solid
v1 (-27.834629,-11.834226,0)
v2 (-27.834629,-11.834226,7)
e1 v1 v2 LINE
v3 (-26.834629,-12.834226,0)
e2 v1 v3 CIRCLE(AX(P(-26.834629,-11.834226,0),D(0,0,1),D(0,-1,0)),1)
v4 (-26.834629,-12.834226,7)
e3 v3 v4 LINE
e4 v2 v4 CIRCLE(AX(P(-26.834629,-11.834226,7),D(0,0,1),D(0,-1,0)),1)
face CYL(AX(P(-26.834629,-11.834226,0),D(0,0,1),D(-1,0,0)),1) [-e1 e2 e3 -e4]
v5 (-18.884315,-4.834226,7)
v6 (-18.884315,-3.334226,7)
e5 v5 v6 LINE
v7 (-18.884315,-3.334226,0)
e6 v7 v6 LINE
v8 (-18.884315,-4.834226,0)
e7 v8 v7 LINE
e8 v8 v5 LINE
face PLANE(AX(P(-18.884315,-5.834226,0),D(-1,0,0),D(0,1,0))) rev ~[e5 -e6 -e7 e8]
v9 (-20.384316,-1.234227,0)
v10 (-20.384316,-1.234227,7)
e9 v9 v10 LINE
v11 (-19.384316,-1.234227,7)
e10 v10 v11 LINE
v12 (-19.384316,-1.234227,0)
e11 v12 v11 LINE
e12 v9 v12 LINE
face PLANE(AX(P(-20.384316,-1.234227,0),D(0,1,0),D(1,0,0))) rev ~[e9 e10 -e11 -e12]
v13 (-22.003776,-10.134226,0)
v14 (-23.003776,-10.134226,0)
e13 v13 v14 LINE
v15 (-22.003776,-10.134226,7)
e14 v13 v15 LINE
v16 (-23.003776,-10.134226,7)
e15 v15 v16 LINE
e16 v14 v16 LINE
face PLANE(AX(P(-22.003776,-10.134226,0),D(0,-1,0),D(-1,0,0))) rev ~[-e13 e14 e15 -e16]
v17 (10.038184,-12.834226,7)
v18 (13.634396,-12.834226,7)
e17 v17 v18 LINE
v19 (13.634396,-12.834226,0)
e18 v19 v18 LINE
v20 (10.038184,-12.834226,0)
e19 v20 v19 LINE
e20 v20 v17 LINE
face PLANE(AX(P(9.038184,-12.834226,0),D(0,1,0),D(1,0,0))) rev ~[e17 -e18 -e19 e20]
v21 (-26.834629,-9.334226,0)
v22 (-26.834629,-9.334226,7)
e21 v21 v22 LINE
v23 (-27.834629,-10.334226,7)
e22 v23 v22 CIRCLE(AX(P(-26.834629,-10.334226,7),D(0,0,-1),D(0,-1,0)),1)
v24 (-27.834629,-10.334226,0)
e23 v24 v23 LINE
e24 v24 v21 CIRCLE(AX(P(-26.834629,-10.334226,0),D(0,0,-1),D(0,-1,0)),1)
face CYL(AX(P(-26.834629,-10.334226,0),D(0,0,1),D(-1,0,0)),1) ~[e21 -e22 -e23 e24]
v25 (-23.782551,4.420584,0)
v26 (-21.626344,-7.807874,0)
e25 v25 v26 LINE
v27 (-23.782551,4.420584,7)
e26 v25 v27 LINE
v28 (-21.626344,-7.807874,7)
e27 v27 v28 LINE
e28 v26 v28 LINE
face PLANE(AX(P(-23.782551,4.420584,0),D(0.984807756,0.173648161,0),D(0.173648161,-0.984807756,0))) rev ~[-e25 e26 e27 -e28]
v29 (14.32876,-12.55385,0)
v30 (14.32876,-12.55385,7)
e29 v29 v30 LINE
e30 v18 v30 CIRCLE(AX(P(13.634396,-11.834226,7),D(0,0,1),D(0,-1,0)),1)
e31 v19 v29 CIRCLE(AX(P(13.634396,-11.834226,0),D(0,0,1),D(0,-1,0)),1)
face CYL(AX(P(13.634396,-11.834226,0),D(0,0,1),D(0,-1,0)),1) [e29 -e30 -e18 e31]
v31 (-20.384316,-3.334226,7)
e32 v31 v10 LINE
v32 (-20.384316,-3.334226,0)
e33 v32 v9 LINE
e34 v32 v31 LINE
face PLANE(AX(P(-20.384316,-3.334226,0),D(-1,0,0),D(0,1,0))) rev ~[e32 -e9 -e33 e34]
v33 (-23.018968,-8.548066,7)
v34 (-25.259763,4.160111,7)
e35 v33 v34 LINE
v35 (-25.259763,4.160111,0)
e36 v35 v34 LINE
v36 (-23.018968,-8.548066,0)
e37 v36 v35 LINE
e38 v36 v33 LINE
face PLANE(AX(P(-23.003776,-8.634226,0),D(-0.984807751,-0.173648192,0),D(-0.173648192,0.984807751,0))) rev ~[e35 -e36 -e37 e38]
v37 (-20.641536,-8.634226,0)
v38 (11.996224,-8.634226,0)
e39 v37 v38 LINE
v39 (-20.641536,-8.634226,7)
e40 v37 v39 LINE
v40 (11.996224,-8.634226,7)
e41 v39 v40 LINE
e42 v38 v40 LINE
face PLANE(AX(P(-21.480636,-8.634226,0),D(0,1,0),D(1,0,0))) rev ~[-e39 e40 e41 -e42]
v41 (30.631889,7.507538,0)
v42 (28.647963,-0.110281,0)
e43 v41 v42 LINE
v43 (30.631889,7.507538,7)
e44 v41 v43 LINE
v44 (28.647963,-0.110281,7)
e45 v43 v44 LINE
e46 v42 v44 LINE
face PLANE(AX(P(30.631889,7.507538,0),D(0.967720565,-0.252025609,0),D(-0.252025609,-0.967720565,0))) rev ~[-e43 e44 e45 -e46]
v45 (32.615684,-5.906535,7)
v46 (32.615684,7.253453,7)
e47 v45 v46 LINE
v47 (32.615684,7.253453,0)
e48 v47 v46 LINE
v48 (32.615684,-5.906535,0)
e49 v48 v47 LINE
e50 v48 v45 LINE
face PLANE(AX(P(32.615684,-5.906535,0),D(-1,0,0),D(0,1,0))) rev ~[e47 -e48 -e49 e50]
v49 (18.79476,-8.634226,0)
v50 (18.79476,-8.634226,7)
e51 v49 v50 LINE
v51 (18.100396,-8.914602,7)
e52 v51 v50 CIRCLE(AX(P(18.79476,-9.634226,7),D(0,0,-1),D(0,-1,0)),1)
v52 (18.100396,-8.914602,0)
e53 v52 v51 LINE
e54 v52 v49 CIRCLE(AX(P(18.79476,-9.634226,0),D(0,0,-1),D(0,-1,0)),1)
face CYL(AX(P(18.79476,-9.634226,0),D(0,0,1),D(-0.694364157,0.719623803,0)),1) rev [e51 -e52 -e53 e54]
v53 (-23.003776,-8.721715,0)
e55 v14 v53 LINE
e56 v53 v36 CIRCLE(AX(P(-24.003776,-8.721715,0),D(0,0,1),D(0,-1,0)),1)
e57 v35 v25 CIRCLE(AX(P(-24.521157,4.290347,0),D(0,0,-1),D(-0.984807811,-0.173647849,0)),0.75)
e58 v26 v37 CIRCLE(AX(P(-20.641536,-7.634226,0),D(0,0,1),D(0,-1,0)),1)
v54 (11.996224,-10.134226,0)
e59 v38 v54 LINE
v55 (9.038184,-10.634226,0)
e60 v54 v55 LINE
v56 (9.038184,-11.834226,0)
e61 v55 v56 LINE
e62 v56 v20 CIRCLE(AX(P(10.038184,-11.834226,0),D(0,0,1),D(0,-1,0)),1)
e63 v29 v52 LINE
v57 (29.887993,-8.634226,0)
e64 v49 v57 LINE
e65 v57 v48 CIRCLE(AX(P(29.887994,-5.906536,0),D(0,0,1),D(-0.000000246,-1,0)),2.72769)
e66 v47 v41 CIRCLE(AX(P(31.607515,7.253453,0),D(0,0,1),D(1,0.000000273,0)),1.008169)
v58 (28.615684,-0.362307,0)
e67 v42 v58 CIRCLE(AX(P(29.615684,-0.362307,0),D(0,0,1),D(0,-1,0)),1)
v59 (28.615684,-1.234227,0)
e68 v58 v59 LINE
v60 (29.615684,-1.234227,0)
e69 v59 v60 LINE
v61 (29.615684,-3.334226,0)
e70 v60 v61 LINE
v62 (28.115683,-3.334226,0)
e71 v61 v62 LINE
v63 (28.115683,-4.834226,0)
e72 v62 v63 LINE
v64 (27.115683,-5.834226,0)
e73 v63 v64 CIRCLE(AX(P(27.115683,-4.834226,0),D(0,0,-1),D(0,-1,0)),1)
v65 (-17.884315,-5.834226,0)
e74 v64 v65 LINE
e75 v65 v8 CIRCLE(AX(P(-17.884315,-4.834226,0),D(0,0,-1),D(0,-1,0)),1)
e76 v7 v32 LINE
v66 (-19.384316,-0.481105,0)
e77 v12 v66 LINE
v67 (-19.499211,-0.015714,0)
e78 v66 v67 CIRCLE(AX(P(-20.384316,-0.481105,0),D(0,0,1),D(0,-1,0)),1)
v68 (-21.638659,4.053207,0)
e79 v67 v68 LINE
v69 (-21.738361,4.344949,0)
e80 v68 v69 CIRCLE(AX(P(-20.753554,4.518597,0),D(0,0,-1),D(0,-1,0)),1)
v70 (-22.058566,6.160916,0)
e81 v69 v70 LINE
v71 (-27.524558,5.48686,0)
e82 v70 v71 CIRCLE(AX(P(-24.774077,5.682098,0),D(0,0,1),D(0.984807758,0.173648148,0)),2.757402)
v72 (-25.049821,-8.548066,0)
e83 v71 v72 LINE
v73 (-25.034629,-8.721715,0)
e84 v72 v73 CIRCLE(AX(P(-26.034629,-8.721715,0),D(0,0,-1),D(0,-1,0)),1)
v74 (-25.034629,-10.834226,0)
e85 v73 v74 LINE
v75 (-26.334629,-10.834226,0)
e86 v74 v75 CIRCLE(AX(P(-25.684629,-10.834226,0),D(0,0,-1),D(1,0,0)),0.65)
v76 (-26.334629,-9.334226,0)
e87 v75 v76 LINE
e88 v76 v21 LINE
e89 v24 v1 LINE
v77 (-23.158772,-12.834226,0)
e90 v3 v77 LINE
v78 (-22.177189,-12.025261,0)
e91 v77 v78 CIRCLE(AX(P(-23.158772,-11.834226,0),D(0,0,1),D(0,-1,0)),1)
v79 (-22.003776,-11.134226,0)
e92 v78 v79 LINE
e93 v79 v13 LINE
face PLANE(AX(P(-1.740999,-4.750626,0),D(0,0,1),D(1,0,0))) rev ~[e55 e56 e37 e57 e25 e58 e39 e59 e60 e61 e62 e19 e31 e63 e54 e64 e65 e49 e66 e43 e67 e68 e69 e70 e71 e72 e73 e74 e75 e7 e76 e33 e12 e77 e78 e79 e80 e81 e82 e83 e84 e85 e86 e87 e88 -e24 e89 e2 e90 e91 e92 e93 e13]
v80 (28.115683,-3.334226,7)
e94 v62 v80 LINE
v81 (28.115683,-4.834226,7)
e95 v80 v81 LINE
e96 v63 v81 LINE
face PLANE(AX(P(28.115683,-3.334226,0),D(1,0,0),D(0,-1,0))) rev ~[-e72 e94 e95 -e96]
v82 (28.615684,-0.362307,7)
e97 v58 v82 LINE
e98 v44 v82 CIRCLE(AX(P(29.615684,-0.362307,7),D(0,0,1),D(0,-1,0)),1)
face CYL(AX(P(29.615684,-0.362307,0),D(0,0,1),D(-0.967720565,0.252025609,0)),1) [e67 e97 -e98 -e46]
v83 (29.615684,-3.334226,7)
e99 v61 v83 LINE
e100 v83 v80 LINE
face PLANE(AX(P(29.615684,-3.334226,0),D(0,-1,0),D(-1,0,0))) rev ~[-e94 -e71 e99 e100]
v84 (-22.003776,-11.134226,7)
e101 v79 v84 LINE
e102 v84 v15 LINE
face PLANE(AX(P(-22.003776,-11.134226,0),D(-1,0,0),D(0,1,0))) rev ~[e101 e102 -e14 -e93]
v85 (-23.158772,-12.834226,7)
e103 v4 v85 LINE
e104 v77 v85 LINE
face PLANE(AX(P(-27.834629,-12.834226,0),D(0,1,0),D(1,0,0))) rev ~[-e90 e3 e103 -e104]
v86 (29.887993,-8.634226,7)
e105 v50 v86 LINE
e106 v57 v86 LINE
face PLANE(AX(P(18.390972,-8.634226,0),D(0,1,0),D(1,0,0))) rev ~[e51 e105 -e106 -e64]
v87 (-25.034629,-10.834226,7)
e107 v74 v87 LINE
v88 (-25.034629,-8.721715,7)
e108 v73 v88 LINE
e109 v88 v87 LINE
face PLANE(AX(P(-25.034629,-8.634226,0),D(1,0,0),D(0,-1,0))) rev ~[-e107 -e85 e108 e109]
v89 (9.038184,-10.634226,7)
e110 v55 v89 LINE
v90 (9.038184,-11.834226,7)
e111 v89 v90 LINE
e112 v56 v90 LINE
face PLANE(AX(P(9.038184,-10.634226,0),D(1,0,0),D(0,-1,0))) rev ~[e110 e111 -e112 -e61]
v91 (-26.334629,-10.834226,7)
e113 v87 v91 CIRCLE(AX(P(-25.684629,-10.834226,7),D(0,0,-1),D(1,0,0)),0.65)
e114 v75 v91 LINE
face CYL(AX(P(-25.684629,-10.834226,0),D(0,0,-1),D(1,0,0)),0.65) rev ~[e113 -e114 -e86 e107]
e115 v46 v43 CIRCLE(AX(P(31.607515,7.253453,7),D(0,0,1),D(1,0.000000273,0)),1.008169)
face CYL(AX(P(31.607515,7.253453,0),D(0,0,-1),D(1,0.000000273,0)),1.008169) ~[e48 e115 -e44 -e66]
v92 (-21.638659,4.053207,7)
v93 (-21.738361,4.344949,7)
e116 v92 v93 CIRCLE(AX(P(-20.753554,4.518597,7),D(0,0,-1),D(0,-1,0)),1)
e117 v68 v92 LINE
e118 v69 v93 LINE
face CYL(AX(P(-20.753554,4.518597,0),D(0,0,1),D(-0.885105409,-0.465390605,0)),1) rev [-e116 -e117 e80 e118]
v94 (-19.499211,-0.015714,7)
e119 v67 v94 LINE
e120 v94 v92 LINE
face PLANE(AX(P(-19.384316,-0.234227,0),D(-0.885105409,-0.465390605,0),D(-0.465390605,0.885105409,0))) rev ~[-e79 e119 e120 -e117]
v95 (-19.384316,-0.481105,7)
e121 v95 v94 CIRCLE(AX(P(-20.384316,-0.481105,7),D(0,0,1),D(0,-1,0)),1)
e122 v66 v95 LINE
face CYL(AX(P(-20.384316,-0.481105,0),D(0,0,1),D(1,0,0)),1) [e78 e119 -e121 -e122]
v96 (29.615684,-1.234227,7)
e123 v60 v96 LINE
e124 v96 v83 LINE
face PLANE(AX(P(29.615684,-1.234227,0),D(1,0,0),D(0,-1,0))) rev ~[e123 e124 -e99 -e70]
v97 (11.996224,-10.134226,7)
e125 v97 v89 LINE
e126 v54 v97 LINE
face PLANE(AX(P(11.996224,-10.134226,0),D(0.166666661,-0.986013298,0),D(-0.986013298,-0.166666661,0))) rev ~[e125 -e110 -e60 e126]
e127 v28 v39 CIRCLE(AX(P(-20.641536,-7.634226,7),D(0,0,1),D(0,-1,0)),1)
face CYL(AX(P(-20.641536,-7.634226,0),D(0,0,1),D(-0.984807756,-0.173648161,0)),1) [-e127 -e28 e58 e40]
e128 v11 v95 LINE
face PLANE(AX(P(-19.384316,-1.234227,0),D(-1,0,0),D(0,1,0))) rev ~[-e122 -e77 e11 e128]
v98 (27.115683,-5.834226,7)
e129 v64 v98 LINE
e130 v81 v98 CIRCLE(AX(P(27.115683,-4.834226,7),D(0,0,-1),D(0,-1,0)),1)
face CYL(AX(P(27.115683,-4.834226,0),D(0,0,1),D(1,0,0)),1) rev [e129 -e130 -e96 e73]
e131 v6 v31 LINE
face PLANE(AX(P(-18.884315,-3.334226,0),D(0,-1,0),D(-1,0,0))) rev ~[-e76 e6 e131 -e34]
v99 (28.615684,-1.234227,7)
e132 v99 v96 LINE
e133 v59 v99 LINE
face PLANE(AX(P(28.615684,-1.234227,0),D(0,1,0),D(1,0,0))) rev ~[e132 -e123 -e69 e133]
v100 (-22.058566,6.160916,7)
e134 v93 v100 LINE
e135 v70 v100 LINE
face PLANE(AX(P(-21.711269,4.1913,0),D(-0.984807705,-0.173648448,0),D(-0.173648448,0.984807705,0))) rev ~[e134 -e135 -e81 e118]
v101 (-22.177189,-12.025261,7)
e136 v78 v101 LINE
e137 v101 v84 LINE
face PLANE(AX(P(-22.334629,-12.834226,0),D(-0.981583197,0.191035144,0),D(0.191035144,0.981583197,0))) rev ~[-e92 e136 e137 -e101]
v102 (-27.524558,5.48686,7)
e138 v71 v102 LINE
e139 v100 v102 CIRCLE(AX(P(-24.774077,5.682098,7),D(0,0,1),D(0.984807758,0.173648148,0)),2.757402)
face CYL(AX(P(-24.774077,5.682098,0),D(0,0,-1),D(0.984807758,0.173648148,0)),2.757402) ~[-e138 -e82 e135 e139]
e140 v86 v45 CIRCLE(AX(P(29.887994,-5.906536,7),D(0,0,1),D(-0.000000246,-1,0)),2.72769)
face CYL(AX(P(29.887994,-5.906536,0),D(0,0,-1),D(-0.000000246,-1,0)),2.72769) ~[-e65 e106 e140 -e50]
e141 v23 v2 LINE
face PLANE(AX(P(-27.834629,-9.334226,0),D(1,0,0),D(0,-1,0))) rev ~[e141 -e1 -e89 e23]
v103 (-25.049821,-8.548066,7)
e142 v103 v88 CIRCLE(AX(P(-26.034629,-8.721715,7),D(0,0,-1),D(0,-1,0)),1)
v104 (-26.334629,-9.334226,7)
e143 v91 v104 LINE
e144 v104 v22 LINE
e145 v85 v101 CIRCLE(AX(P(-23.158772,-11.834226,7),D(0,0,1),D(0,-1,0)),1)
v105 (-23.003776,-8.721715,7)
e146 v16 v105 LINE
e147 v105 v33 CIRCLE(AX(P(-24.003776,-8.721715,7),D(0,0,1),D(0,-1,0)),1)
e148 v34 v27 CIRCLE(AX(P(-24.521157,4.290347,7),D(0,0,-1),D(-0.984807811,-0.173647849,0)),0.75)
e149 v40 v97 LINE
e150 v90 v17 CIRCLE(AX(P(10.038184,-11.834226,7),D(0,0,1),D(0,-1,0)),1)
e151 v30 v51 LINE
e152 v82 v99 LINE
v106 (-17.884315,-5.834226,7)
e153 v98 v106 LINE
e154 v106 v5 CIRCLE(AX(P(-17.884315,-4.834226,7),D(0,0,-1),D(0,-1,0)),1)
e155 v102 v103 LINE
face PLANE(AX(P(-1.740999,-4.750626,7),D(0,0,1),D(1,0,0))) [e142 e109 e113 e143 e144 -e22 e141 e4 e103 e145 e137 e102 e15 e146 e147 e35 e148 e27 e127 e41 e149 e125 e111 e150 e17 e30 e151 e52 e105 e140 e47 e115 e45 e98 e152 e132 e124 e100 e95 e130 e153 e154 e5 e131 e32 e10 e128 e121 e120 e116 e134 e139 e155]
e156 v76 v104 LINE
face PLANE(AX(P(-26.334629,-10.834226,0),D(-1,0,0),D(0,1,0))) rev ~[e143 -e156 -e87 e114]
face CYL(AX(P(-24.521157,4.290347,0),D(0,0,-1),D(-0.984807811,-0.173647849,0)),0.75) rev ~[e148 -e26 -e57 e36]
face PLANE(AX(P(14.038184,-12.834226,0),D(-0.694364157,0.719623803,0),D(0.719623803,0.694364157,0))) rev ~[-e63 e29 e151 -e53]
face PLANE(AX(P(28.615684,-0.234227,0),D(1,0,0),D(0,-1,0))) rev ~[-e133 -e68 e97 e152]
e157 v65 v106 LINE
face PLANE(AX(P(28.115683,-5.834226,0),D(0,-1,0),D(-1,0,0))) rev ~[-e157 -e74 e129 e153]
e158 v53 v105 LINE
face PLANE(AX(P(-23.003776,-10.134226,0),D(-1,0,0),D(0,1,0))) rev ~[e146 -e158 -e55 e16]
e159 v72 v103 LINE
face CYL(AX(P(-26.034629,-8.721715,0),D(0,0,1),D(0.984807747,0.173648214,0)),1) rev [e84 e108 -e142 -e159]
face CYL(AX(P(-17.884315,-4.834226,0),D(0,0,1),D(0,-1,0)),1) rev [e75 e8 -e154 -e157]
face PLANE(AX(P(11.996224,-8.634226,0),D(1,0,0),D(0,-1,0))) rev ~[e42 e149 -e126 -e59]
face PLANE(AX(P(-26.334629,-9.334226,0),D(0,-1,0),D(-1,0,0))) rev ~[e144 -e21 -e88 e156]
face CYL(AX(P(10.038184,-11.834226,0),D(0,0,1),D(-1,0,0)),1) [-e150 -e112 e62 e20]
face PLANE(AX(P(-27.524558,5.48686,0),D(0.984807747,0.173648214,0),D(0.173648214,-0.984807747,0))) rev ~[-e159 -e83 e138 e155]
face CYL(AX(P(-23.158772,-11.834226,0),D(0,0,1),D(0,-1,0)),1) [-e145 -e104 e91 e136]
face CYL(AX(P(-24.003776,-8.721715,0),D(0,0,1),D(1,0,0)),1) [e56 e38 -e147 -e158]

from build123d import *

# Parameters (mm, degrees)
F1_DEPTH = 7
F2_R     = 1


with BuildPart() as f1:
    # F0 (on Top) → F1 (new body)
    with BuildSketch(Plane.XY):
        with BuildLine():
            Line((-27.834629, -9.334226), (-27.834629, -12.834226))
            Line((-27.834629, -12.834226), (-22.334629, -12.834226))
            Line((-22.334629, -12.834226), (-22.003776, -11.134226))
            Line((-22.003776, -11.134226), (-22.003776, -10.134226))
            Line((-22.003776, -10.134226), (-23.003776, -10.134226))
            Line((-23.003776, -10.134226), (-23.003776, -8.634226))
            Line((-23.003776, -8.634226), (-25.259763, 4.160111))
            ThreePointArc((-25.259763, 4.160111), (-24.651393, 5.028953), (-23.782551, 4.420584))
            Line((-23.782551, 4.420584), (-21.480636, -8.634226))
            Line((-21.480636, -8.634226), (11.996224, -8.634226))
            Line((11.996224, -8.634226), (11.996224, -10.134226))
            Line((11.996224, -10.134226), (9.038184, -10.634226))
            Line((9.038184, -10.634226), (9.038184, -12.834226))
            Line((9.038184, -12.834226), (14.038184, -12.834226))
            Line((14.038184, -12.834226), (18.390972, -8.634226))
            Line((18.390972, -8.634226), (29.887993, -8.634226))
            ThreePointArc((29.887993, -8.634226), (31.816762, -7.835304), (32.615684, -5.906535))
            Line((32.615684, -5.906535), (32.615684, 7.253453))
            ThreePointArc((32.615684, 7.253453), (31.735595, 8.253453), (30.631889, 7.507538))
            Line((30.631889, 7.507538), (28.615684, -0.234227))
            Line((28.615684, -0.234227), (28.615684, -1.234227))
            Line((28.615684, -1.234227), (29.615684, -1.234227))
            Line((29.615684, -1.234227), (29.615684, -3.334226))
            Line((29.615684, -3.334226), (28.115683, -3.334226))
            Line((28.115683, -3.334226), (28.115683, -5.834226))
            Line((28.115683, -5.834226), (18.390972, -5.834226))
            Line((18.390972, -5.834226), (-18.884315, -5.834226))
            Line((-18.884315, -5.834226), (-18.884315, -3.334226))
            Line((-18.884315, -3.334226), (-20.384316, -3.334226))
            Line((-20.384316, -3.334226), (-20.384316, -1.234227))
            Line((-20.384316, -1.234227), (-19.384316, -1.234227))
            Line((-19.384316, -1.234227), (-19.384316, -0.234227))
            Line((-19.384316, -0.234227), (-21.711269, 4.1913))
            Line((-21.711269, 4.1913), (-22.058566, 6.160916))
            ThreePointArc((-22.058566, 6.160916), (-25.111557, 8.41877), (-27.524558, 5.48686))
            Line((-27.524558, 5.48686), (-25.034629, -8.634226))
            Line((-25.034629, -8.634226), (-25.034629, -10.834226))
            ThreePointArc((-25.034629, -10.834226), (-25.684629, -11.484226), (-26.334629, -10.834226))
            Line((-26.334629, -10.834226), (-26.334629, -9.334226))
            Line((-26.334629, -9.334226), (-27.834629, -9.334226))
        make_face()
    extrude(amount=F1_DEPTH)

    # F2
    f2_edges = [f1.edges().sort_by_distance(p)[0] for p in [
        (14.038184, -12.834226, 3.5),
        (-27.834629, -12.834226, 3.5),
        (-22.334629, -12.834226, 3.5),
        (-25.034629, -8.634226, 3.5),
        (18.390972, -8.634226, 3.5),
        (9.038184, -12.834226, 3.5),
        (-21.711269, 4.1913, 3.5),
        (28.615684, -0.234227, 3.5),
        (-19.384316, -0.234227, 3.5),
        (-18.884315, -5.834226, 3.5),
        (-21.480636, -8.634226, 3.5),
        (28.115683, -5.834226, 3.5),
        (-23.003776, -8.634226, 3.5),
        (-27.834629, -9.334226, 3.5),
    ]]
    fillet(f2_edges, radius=F2_R)


solid = f1.part
